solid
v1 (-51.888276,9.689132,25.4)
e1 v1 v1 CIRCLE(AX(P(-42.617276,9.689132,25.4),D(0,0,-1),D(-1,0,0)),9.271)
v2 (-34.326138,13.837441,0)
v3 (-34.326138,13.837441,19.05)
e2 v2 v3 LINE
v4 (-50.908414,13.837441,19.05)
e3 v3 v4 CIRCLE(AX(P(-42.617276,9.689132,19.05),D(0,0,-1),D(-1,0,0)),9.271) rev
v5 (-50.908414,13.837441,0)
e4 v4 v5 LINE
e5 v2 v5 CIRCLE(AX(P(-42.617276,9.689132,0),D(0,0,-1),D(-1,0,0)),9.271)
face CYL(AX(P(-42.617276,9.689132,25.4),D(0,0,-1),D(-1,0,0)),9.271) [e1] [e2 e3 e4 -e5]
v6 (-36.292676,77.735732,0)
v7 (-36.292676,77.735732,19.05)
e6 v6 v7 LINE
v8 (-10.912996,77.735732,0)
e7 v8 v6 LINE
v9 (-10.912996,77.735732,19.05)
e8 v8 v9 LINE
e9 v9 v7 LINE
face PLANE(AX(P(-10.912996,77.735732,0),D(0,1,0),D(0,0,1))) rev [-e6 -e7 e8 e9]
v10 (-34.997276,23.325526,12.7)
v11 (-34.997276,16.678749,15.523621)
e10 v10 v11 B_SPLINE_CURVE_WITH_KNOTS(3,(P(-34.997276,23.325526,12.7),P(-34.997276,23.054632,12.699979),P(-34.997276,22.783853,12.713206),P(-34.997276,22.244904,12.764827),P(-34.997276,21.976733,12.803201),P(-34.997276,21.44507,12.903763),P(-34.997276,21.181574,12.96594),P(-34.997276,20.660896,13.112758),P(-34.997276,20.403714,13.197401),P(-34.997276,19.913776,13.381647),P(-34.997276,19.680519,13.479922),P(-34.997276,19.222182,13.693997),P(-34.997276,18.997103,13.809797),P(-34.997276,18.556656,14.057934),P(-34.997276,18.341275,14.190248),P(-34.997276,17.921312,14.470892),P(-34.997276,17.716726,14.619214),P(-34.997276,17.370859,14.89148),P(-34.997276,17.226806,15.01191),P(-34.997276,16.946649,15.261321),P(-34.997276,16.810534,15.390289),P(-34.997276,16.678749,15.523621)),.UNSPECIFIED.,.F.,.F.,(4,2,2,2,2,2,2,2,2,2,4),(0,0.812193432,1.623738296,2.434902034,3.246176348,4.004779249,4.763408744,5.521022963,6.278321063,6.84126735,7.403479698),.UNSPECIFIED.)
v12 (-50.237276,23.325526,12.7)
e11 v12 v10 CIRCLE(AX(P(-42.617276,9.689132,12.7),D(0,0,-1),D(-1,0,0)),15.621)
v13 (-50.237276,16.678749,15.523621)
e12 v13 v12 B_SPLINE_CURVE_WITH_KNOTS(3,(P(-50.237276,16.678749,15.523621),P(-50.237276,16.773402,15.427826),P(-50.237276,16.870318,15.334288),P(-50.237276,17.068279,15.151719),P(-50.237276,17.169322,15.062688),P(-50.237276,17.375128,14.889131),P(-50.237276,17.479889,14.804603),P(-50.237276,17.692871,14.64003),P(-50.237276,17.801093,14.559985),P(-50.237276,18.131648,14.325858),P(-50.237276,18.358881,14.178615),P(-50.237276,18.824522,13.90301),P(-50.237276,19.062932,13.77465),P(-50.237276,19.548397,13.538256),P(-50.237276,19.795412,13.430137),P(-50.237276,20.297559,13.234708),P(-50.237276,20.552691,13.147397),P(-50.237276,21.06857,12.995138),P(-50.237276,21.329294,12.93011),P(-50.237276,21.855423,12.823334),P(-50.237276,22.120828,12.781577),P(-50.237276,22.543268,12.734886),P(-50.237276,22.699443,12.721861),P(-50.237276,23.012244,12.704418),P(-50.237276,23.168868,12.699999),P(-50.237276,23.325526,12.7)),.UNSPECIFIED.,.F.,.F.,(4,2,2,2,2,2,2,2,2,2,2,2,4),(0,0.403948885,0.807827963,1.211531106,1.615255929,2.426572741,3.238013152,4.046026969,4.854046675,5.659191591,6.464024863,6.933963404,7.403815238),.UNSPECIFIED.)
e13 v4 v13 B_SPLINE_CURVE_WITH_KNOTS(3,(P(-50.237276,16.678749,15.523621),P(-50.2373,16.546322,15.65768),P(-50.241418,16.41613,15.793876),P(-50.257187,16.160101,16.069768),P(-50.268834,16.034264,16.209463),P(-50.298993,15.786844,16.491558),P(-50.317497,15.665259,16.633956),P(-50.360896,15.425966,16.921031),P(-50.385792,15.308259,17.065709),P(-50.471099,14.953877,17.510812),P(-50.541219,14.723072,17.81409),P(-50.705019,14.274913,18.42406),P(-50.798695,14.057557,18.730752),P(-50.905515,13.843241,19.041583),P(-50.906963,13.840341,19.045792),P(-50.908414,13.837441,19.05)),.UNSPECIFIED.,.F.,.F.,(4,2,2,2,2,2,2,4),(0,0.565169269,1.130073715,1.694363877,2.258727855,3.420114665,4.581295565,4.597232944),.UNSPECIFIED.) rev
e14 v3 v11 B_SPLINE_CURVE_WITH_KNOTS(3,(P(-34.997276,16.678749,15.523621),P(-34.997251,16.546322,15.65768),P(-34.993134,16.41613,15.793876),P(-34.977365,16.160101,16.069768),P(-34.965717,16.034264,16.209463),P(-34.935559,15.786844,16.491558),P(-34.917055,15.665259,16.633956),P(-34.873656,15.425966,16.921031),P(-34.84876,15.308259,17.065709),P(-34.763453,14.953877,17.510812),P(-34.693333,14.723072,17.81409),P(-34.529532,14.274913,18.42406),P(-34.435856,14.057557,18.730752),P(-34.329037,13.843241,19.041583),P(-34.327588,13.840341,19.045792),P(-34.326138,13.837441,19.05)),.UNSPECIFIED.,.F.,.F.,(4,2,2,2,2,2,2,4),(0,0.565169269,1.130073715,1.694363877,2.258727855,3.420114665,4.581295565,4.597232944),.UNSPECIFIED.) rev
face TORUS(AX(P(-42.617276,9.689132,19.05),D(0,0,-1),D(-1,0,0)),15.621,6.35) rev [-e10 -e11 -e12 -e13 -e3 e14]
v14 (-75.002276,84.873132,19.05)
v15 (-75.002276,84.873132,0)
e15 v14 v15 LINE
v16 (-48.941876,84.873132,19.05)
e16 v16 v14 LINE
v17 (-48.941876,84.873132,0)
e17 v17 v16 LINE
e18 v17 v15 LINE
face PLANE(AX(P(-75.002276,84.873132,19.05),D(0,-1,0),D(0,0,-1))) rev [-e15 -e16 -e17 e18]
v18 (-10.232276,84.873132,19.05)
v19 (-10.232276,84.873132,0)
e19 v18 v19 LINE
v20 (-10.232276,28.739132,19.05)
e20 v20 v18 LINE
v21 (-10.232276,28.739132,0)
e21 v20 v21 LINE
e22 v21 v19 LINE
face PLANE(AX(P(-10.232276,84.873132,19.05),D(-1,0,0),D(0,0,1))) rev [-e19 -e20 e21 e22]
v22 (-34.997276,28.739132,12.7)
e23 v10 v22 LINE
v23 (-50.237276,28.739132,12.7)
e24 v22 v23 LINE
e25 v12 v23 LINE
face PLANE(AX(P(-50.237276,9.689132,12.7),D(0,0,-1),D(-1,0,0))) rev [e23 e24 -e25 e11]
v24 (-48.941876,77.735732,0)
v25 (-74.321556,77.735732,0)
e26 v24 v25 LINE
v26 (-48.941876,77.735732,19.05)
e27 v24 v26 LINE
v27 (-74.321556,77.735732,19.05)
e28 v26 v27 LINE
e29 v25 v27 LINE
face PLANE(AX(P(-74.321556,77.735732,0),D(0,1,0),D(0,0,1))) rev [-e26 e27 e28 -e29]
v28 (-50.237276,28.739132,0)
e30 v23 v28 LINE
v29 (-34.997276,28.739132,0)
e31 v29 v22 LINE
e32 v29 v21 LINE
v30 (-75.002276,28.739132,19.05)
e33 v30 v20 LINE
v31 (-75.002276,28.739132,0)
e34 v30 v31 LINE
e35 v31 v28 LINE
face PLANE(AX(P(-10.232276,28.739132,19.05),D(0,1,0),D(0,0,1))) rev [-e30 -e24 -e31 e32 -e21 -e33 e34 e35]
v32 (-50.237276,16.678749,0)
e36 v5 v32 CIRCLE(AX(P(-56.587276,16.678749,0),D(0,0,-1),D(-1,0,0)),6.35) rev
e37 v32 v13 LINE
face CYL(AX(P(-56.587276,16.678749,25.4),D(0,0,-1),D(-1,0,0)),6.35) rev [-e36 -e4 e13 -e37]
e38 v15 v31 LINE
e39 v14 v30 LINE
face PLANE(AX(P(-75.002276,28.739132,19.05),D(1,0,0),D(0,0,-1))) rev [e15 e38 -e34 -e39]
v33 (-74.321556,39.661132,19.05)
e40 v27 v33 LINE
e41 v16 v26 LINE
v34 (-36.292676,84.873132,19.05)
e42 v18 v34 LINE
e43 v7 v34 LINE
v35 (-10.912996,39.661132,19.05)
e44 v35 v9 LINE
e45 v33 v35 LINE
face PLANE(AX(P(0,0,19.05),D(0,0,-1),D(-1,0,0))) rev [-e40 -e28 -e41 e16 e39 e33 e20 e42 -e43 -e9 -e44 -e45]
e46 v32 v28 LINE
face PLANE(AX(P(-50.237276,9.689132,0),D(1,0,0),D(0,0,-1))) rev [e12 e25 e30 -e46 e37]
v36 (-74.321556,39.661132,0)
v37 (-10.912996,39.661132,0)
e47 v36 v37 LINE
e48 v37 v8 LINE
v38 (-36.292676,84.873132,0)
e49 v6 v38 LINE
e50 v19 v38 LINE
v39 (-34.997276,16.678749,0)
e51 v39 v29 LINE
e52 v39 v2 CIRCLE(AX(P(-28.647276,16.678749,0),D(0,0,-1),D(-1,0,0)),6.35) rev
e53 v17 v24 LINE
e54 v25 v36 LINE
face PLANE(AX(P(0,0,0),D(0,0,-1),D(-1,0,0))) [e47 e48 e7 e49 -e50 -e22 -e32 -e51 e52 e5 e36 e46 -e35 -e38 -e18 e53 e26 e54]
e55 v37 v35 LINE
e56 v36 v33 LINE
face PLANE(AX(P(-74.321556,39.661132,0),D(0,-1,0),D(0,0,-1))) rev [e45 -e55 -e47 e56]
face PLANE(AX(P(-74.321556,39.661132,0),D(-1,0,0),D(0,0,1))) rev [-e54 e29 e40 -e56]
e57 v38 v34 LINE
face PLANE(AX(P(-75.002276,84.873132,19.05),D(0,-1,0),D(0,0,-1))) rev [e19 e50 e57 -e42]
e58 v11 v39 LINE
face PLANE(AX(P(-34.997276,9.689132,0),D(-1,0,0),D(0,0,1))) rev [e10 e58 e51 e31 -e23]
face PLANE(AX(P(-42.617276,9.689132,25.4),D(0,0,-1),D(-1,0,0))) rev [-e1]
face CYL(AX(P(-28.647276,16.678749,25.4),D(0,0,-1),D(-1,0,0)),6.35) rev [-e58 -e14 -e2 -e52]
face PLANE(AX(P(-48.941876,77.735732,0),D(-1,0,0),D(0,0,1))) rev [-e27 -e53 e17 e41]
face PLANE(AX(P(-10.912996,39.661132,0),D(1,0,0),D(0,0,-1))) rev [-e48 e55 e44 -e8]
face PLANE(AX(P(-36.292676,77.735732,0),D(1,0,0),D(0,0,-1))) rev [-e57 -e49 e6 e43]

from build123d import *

# Parameters (mm, degrees)
SKETCH4_W           = 64.77
SKETCH4_H           = 56.134
BOSS_EXTRUDE1_DEPTH = 19.05
CUT_EXTRUDE1_DEPTH  = 115.855093202
BOSS_EXTRUDE2_DEPTH = 19.05
SKETCH7_R           = 9.271
BOSS_EXTRUDE3_DEPTH = 25.4
FILLET1_R           = 6.35


with BuildPart() as part:
    # Sketch4 → Boss-Extrude1 (new body)
    with BuildSketch(Plane.XY):
        with Locations((-42.617275879, 56.806132071)):
            Rectangle(SKETCH4_W, SKETCH4_H)
    extrude(amount=BOSS_EXTRUDE1_DEPTH)

    # Sketch5 → Cut-Extrude1 (cut, through all)
    with BuildSketch(Plane.XY.offset(19.05)):
        Polygon((-74.321555879, 39.661132071), (-10.912995879, 39.661132071), (-10.912995879, 77.735732071), (-36.292675879, 77.735732071), (-36.292675879, 84.873132071), (-48.941875879, 84.873132071), (-48.941875879, 77.735732071), (-74.321555879, 77.735732071), align=None)
    extrude(amount=-CUT_EXTRUDE1_DEPTH, mode=Mode.SUBTRACT)

    # Sketch6 → Boss-Extrude2 (add)
    with BuildSketch(Plane.XZ.offset(-28.739132071)):
        Polygon((-42.617275879, 0), (-34.997275879, 0), (-34.997275879, 12.7), (-50.237275879, 12.7), (-50.237275879, 0), align=None)
    extrude(amount=BOSS_EXTRUDE2_DEPTH)

    # Sketch7 → Boss-Extrude3 (add)
    with BuildSketch(Plane(origin=(0, 0, 0), x_dir=(-1, 0, 0), z_dir=(0, 0, -1))):
        with Locations((42.617275879, 9.689132071)):
            Circle(SKETCH7_R)
    extrude(amount=-BOSS_EXTRUDE3_DEPTH)

    # Fillet1
    fillet1_edges = [part.edges().sort_by_distance(p)[0] for p in [
        (-50.237275879, 14.969950284, 6.35),
        (-42.617275879, 18.960132071, 12.7),
        (-34.997275879, 14.969950284, 6.35),
    ]]
    fillet(fillet1_edges, radius=FILLET1_R)


solid = part.part
